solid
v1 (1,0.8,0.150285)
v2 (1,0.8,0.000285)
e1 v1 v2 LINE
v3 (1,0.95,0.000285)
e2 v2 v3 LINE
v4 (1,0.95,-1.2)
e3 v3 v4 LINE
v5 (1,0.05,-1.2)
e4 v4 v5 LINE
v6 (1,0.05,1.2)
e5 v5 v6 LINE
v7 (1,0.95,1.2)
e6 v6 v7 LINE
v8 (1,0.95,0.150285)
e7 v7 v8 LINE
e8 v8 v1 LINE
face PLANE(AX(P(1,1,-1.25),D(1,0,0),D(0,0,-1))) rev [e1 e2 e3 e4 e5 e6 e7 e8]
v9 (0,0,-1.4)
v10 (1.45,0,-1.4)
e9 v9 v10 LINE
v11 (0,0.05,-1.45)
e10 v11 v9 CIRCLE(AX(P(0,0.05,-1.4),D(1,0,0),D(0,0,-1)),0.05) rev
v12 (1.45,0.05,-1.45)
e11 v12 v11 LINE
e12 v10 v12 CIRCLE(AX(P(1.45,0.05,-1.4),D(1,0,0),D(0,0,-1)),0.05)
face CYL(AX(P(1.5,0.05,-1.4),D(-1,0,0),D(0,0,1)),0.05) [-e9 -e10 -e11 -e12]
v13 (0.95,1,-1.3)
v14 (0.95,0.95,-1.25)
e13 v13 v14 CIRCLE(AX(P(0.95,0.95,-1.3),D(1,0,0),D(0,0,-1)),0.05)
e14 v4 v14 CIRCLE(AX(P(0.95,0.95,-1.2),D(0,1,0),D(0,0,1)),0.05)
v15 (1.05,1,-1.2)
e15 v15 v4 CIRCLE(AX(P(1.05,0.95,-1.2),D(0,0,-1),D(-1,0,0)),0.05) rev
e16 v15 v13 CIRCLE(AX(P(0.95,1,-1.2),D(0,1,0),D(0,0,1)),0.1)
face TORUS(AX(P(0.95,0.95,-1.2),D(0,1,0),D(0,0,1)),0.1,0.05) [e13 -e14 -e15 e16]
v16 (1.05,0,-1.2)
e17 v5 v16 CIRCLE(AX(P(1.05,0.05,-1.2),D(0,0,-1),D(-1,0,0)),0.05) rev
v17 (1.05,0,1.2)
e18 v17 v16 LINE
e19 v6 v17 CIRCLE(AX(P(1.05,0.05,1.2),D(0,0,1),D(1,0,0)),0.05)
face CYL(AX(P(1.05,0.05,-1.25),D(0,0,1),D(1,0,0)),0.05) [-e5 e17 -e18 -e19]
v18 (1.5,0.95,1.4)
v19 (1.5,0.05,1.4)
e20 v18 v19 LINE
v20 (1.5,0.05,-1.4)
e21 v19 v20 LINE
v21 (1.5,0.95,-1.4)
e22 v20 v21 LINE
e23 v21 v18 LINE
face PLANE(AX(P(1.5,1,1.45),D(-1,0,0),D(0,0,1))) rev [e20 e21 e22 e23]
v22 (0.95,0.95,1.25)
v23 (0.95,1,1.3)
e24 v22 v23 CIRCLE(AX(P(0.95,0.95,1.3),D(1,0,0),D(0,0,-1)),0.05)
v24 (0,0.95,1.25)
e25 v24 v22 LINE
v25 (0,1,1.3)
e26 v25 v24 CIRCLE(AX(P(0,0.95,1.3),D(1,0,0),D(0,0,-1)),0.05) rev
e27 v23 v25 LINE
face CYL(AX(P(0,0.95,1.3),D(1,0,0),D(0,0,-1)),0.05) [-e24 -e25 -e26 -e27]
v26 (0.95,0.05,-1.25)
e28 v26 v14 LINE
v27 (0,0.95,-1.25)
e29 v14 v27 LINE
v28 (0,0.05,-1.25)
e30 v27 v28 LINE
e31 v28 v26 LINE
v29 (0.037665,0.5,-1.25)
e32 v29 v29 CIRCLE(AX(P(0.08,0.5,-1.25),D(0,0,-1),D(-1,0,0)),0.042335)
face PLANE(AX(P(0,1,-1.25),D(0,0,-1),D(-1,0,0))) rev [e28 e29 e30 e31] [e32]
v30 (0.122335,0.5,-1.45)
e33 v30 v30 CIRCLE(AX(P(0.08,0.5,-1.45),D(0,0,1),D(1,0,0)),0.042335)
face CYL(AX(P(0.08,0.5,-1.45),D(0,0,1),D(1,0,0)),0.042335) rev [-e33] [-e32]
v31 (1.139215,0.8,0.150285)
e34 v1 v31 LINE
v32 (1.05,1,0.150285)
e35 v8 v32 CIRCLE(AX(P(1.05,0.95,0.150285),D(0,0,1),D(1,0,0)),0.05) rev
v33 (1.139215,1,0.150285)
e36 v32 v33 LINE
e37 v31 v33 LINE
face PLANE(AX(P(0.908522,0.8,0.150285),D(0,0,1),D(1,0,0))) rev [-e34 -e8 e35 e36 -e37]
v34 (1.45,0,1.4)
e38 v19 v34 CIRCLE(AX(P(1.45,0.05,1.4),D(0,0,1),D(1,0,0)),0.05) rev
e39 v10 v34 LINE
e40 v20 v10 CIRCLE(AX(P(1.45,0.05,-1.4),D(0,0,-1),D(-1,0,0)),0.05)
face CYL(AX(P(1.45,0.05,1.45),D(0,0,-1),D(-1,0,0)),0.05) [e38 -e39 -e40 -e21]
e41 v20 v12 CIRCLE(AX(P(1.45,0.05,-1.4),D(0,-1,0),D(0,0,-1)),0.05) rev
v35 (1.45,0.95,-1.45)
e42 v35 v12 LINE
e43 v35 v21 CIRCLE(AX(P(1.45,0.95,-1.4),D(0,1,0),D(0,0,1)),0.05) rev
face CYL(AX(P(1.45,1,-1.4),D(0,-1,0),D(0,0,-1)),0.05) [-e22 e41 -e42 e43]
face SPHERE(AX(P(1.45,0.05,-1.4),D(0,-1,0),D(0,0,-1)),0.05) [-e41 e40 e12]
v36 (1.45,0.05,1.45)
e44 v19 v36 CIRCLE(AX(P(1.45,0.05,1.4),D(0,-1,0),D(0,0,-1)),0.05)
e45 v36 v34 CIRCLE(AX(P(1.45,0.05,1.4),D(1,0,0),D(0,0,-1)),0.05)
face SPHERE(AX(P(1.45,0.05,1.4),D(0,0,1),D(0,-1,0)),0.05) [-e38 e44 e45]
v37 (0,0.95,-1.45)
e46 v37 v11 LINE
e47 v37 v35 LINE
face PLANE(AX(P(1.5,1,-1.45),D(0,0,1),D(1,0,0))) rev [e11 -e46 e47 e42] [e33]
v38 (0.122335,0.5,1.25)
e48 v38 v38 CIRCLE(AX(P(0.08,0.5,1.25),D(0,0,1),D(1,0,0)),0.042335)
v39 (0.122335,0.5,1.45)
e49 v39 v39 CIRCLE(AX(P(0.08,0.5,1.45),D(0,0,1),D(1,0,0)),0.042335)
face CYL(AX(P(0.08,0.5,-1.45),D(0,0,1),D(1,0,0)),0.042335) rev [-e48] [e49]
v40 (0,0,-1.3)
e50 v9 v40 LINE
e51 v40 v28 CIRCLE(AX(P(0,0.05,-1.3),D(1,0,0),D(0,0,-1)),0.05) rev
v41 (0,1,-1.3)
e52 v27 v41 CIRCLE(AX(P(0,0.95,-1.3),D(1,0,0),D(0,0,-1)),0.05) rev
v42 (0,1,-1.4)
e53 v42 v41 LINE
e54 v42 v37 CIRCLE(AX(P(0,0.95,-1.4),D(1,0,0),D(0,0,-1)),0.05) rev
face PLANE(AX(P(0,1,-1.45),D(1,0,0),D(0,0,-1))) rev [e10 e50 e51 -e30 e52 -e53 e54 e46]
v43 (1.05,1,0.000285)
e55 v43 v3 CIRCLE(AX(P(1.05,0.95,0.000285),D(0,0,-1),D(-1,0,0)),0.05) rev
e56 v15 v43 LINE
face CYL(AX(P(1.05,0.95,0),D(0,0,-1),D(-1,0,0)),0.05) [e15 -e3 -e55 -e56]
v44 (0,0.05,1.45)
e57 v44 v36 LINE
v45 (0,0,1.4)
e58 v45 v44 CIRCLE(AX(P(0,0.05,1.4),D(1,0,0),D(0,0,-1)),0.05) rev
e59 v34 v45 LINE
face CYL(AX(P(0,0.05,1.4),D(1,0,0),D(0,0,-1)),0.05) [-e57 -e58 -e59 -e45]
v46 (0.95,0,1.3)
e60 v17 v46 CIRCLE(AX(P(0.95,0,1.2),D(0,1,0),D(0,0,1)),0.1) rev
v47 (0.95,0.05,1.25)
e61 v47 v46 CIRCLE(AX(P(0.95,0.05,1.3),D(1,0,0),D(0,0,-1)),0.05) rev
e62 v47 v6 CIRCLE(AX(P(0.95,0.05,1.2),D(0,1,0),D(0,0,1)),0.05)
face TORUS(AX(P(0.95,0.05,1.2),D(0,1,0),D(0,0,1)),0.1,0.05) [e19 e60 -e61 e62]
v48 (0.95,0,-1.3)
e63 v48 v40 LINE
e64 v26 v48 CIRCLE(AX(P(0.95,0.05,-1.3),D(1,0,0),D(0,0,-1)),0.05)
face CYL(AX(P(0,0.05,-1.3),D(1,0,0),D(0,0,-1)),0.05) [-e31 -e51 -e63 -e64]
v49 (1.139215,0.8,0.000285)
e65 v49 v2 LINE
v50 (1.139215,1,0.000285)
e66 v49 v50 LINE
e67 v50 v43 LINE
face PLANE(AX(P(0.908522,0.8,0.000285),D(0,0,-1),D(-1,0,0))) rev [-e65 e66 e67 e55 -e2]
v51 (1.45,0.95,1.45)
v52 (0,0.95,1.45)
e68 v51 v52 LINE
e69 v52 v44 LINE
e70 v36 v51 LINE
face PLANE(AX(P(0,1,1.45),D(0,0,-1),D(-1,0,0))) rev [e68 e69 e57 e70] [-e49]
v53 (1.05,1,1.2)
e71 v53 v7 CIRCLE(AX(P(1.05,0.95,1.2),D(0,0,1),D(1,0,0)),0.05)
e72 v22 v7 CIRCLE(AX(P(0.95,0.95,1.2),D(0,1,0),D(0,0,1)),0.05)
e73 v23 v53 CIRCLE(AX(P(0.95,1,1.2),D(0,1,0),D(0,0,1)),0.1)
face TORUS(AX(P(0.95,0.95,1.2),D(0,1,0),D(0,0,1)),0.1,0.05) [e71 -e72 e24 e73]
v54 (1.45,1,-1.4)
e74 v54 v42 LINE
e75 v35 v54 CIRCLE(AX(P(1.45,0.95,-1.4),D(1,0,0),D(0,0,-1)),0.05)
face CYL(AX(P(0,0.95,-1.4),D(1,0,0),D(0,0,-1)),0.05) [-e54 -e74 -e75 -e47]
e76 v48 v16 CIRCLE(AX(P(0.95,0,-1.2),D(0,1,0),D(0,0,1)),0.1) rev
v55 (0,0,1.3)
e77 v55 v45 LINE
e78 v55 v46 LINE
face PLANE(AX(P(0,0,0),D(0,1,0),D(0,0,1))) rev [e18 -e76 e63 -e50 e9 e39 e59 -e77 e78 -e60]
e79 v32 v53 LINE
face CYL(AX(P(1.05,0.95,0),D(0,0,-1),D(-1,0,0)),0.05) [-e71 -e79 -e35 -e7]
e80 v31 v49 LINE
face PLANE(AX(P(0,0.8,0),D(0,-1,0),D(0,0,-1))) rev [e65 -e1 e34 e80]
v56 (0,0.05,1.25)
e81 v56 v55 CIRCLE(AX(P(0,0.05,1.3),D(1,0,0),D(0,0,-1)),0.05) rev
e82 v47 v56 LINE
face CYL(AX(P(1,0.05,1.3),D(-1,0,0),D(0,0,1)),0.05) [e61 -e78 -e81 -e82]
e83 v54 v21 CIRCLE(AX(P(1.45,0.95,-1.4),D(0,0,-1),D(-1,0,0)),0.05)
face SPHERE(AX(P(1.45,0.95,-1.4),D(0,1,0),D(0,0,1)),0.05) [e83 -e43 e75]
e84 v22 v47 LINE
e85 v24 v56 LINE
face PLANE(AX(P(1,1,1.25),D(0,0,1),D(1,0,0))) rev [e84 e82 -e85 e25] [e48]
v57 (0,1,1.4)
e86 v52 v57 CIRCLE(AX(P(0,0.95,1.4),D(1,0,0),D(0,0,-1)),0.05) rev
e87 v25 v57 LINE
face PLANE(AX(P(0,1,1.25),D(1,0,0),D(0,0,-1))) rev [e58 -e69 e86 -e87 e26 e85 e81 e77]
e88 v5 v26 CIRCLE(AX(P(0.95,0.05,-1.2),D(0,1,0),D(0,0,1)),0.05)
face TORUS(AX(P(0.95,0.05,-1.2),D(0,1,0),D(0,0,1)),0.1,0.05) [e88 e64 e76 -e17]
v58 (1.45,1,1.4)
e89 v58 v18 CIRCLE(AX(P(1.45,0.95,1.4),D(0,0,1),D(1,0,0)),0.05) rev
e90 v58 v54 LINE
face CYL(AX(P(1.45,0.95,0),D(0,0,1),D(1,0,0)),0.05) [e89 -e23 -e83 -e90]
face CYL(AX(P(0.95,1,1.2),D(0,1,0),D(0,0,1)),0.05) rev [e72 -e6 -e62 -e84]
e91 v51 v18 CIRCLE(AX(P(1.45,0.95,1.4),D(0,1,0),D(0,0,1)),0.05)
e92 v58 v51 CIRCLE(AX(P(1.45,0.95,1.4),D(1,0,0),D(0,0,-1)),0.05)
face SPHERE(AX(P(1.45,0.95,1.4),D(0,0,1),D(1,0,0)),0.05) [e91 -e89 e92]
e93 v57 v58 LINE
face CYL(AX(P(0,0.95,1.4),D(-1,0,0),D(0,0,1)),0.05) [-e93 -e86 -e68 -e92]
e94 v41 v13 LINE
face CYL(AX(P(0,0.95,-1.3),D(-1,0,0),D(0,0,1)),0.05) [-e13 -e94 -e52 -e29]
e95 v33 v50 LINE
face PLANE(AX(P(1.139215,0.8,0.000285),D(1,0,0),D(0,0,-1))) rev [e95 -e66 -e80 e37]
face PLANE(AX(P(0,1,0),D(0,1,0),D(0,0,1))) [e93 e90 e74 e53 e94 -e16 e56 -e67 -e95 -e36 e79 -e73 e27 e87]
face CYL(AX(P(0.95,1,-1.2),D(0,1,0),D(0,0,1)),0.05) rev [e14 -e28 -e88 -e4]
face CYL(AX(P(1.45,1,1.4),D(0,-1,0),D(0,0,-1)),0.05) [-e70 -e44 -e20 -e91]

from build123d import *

# Parameters (mm, degrees)
SALIENTE_EXTRUIR1_DEPTH = 1
REDONDEO1_R             = 0.05
CROQUIS2_R              = 0.042335255
CORTAR_EXTRUIR1_DEPTH   = 4.414674216
CROQUIS3_W              = 0.230693599
CROQUIS3_H              = 0.15
CORTAR_EXTRUIR2_DEPTH   = 0.2


with BuildPart() as part:
    # Croquis1 → Saliente-Extruir1 (new body)
    with BuildSketch(Plane(origin=(0, 0, 0), x_dir=(1, 0, 0), z_dir=(0, 1, 0))):
        Polygon((0, -1.45), (1.5, -1.45), (1.5, 1.45), (0, 1.45), (0, 1.25), (1, 1.25), (1, -1.25), (0, -1.25), align=None)
    extrude(amount=SALIENTE_EXTRUIR1_DEPTH)

    # Redondeo1
    redondeo1_edges = [part.edges().sort_by_distance(p)[0] for p in [
        (0.75, 0, -1.45),
        (1.5, 0, 0),
        (0.75, 0, 1.45),
        (1.5, 1, 0),
        (1, 0.5, 1.25),
        (1, 0.5, -1.25),
        (1.5, 0.5, -1.45),
        (1.5, 0.5, 1.45),
        (0.75, 1, -1.45),
        (0.5, 1, -1.25),
        (1, 1, 0),
        (0.5, 1, 1.25),
        (0.5, 0, 1.25),
        (0.75, 1, 1.45),
        (1, 0, 0),
        (0.5, 0, -1.25),
    ]]
    fillet(redondeo1_edges, radius=REDONDEO1_R)

    # Croquis2 → Cortar-Extruir1 (cut, through all)
    with BuildSketch(Plane.XY.offset(1.45)):
        with Locations((0.08, 0.5)):
            Circle(CROQUIS2_R)
    extrude(amount=-CORTAR_EXTRUIR1_DEPTH, mode=Mode.SUBTRACT)

    # Croquis3 → Cortar-Extruir2 (cut)
    with BuildSketch(Plane(origin=(0, 1, 0), x_dir=(1, 0, 0), z_dir=(0, 1, 0))):
        with Locations((1.023868656, -0.075284887)):
            Rectangle(CROQUIS3_W, CROQUIS3_H)
    extrude(amount=-CORTAR_EXTRUIR2_DEPTH, mode=Mode.SUBTRACT)


solid = part.part
